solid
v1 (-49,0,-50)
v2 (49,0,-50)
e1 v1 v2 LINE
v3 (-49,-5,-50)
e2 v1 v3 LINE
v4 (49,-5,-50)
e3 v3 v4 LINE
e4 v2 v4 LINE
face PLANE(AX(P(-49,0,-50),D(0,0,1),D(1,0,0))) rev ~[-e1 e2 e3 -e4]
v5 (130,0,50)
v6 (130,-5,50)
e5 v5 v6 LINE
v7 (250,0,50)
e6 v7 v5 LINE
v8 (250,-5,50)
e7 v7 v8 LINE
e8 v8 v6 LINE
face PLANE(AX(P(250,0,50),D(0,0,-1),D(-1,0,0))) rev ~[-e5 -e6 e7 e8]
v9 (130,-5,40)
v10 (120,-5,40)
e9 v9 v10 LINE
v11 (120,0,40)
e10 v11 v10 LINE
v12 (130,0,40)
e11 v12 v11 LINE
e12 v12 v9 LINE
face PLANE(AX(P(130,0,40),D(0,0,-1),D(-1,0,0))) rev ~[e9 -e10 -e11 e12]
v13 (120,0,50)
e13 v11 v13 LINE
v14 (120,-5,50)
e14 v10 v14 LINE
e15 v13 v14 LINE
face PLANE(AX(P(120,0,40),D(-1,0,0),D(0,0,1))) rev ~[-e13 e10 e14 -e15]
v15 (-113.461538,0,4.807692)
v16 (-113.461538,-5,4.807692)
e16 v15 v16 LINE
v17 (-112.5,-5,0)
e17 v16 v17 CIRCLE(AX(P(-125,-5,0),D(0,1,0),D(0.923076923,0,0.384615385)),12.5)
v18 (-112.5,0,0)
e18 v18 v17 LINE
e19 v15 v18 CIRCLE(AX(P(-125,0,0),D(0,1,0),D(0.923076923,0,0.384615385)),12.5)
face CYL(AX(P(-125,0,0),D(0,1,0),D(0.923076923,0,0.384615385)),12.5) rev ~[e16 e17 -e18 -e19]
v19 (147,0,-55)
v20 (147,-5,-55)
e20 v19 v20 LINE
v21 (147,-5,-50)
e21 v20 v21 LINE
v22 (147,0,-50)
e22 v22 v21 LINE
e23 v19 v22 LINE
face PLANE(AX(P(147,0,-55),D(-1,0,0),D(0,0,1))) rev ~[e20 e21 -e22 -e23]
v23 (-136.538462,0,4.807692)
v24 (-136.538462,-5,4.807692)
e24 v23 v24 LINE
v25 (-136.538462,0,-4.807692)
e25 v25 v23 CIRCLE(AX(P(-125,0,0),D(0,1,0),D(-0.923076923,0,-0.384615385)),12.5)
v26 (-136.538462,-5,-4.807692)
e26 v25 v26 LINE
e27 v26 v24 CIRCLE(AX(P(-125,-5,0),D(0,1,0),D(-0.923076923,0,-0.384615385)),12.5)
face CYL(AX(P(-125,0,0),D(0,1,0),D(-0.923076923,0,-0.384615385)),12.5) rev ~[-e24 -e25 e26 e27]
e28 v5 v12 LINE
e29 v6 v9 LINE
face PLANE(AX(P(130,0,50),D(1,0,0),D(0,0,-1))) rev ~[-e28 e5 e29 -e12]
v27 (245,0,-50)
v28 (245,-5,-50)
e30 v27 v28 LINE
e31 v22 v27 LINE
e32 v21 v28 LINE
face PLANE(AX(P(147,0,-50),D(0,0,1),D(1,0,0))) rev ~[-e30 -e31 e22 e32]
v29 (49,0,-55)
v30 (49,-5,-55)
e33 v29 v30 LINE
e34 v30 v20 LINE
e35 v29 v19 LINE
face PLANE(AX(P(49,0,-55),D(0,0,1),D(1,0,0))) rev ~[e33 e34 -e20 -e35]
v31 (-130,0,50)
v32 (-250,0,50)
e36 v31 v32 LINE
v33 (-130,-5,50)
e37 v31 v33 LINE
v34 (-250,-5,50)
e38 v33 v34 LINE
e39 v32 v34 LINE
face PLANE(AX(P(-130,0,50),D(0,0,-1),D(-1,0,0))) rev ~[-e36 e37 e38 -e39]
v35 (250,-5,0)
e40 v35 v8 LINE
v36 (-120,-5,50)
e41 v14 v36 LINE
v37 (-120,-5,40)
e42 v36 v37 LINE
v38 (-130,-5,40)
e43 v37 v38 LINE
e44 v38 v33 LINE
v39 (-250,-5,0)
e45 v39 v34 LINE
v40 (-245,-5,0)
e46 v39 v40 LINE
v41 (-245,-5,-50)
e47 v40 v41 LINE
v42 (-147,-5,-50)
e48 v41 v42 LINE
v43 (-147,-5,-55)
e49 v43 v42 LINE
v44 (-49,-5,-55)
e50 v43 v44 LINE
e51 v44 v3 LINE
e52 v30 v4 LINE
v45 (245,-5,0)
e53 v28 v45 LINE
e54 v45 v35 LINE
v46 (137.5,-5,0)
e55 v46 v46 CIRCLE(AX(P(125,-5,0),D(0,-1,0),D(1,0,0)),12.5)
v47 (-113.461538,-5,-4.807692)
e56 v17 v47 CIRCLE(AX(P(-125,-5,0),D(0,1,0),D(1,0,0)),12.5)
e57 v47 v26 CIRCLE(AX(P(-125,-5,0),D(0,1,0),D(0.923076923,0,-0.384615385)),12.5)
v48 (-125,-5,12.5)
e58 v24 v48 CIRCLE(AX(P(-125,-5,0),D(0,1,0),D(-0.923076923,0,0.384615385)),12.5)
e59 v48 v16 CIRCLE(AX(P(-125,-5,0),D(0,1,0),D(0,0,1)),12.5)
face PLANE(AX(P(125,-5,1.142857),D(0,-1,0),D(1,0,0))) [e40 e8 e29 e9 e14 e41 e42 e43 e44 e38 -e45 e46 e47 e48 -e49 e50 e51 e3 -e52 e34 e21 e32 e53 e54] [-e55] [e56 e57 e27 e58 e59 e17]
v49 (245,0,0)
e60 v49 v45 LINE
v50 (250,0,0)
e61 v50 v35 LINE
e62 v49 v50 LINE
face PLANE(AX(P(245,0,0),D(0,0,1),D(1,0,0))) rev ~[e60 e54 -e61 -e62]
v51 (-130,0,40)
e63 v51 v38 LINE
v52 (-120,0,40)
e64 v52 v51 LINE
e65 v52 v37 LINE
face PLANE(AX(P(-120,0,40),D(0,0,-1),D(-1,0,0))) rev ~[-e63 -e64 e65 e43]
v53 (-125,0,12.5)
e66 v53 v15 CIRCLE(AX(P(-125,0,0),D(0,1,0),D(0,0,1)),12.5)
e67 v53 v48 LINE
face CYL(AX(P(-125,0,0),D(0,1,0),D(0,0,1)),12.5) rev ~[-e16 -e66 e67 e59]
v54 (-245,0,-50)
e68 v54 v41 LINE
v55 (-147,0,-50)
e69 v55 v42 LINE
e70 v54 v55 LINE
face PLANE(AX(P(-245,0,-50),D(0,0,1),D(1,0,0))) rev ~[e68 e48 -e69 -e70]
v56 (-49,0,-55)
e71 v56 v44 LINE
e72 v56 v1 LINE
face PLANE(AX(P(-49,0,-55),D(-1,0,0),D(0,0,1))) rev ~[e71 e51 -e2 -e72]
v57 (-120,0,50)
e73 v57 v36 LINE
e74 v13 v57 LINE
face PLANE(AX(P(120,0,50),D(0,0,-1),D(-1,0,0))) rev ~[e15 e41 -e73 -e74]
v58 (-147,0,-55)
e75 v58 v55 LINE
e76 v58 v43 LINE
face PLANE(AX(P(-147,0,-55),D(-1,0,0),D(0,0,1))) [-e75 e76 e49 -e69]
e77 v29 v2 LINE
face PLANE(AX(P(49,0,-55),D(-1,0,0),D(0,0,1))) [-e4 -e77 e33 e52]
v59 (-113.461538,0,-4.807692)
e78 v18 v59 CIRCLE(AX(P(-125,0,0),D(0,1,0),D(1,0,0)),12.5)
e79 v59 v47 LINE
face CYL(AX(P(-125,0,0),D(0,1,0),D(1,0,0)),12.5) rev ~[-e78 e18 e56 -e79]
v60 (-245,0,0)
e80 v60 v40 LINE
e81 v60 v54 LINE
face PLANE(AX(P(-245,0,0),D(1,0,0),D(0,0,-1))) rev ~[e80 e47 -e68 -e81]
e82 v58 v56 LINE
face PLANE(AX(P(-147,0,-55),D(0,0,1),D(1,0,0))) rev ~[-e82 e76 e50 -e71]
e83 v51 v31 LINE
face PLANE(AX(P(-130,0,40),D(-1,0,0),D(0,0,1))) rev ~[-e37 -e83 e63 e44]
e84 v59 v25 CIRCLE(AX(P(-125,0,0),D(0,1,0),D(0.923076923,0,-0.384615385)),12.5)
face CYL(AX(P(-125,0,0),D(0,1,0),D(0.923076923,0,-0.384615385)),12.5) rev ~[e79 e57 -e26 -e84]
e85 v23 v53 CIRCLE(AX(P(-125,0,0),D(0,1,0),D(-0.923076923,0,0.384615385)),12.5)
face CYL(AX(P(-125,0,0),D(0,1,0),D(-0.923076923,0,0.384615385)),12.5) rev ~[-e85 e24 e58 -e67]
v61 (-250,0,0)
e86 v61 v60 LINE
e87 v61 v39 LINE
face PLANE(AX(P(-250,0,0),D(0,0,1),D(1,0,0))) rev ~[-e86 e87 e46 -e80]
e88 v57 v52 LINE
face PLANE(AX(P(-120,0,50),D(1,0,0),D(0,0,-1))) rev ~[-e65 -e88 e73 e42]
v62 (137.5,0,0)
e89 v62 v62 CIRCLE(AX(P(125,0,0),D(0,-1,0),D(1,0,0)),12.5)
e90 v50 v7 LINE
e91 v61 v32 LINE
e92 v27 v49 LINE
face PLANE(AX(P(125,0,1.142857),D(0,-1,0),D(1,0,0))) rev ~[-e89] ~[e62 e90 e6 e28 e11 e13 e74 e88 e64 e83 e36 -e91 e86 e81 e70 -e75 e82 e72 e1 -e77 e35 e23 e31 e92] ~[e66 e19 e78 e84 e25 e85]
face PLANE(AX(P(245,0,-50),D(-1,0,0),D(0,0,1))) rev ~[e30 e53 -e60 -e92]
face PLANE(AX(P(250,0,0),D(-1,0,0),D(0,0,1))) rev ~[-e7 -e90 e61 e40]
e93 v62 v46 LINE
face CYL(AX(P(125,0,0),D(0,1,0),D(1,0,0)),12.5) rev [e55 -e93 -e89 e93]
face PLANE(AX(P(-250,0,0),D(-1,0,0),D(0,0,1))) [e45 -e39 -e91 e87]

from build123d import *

# Parameters (mm, degrees)
F0_R     = 12.5
F0_W     = 98
F0_H     = 5
F0_W_2   = 5
F0_H_2   = 50
F0_H_3   = 100
F1_DEPTH = 5


with BuildPart() as f1:
    # F0 (on Front) → F1 (new body)
    with BuildSketch(Plane.XZ):
        Polygon((147, -50), (245, -50), (245, 0), (245, 50), (130, 50), (130, 40), (125, 40), (120, 40), (120, 50), (5, 50), (5, -50), (49, -50), align=None)
        with Locations((125, 0)):
            Circle(F0_R, mode=Mode.SUBTRACT)
        with Locations((98, -52.5)):
            Rectangle(F0_W, F0_H)
        with Locations((247.5, 25)):
            Rectangle(F0_W_2, F0_H_2)
        with Locations((2.5, 0)):
            Rectangle(F0_W_2, F0_H_3)
        with Locations((-2.5, 0)):
            Rectangle(F0_W_2, F0_H_3)
        with BuildLine():
            Line((-113.4615384615, -4.8076923077), (-5, -50))
            Line((-5, -50), (-5, 50))
            Line((-5, 50), (-113.4615384615, 4.8076923077))
            ThreePointArc((-113.4615384615, 4.8076923077), (-112.7427415539, 2.4514516892), (-112.5, 0))
            ThreePointArc((-112.5, 0), (-112.7427415539, -2.4514516892), (-113.4615384615, -4.8076923077))
        make_face()
        with BuildLine():
            Line((-49, -50), (-5, -50))
            Line((-5, -50), (-113.4615384615, -4.8076923077))
            ThreePointArc((-113.4615384615, -4.8076923077), (-125, -12.5), (-136.5384615385, -4.8076923077))
            Line((-136.5384615385, -4.8076923077), (-245, -50))
            Line((-245, -50), (-147, -50))
            Line((-147, -50), (-49, -50))
        make_face()
        with Locations((-98, -52.5)):
            Rectangle(F0_W, F0_H)
        with BuildLine():
            Line((-113.4615384615, 4.8076923077), (-5, 50))
            Line((-5, 50), (-120, 50))
            Line((-120, 50), (-120, 40))
            Line((-120, 40), (-125, 40))
            Line((-125, 40), (-125, 12.5))
            ThreePointArc((-125, 12.5), (-118.0662475472, 10.4006286792), (-113.4615384615, 4.8076923077))
        make_face()
        with BuildLine():
            Line((-245, -50), (-136.5384615385, -4.8076923077))
            ThreePointArc((-136.5384615385, -4.8076923077), (-137.5, 0), (-136.5384615385, 4.8076923077))
            Line((-136.5384615385, 4.8076923077), (-245, 50))
            Line((-245, 50), (-245, 0))
            Line((-245, 0), (-245, -50))
        make_face()
        with BuildLine():
            ThreePointArc((-136.5384615385, 4.8076923077), (-131.9337524528, 10.4006286792), (-125, 12.5))
            Line((-125, 12.5), (-125, 40))
            Line((-125, 40), (-130, 40))
            Line((-130, 40), (-130, 50))
            Line((-130, 50), (-245, 50))
            Line((-245, 50), (-136.5384615385, 4.8076923077))
        make_face()
        with Locations((-247.5, 25)):
            Rectangle(F0_W_2, F0_H_2)
    extrude(amount=F1_DEPTH)


solid = f1.part
